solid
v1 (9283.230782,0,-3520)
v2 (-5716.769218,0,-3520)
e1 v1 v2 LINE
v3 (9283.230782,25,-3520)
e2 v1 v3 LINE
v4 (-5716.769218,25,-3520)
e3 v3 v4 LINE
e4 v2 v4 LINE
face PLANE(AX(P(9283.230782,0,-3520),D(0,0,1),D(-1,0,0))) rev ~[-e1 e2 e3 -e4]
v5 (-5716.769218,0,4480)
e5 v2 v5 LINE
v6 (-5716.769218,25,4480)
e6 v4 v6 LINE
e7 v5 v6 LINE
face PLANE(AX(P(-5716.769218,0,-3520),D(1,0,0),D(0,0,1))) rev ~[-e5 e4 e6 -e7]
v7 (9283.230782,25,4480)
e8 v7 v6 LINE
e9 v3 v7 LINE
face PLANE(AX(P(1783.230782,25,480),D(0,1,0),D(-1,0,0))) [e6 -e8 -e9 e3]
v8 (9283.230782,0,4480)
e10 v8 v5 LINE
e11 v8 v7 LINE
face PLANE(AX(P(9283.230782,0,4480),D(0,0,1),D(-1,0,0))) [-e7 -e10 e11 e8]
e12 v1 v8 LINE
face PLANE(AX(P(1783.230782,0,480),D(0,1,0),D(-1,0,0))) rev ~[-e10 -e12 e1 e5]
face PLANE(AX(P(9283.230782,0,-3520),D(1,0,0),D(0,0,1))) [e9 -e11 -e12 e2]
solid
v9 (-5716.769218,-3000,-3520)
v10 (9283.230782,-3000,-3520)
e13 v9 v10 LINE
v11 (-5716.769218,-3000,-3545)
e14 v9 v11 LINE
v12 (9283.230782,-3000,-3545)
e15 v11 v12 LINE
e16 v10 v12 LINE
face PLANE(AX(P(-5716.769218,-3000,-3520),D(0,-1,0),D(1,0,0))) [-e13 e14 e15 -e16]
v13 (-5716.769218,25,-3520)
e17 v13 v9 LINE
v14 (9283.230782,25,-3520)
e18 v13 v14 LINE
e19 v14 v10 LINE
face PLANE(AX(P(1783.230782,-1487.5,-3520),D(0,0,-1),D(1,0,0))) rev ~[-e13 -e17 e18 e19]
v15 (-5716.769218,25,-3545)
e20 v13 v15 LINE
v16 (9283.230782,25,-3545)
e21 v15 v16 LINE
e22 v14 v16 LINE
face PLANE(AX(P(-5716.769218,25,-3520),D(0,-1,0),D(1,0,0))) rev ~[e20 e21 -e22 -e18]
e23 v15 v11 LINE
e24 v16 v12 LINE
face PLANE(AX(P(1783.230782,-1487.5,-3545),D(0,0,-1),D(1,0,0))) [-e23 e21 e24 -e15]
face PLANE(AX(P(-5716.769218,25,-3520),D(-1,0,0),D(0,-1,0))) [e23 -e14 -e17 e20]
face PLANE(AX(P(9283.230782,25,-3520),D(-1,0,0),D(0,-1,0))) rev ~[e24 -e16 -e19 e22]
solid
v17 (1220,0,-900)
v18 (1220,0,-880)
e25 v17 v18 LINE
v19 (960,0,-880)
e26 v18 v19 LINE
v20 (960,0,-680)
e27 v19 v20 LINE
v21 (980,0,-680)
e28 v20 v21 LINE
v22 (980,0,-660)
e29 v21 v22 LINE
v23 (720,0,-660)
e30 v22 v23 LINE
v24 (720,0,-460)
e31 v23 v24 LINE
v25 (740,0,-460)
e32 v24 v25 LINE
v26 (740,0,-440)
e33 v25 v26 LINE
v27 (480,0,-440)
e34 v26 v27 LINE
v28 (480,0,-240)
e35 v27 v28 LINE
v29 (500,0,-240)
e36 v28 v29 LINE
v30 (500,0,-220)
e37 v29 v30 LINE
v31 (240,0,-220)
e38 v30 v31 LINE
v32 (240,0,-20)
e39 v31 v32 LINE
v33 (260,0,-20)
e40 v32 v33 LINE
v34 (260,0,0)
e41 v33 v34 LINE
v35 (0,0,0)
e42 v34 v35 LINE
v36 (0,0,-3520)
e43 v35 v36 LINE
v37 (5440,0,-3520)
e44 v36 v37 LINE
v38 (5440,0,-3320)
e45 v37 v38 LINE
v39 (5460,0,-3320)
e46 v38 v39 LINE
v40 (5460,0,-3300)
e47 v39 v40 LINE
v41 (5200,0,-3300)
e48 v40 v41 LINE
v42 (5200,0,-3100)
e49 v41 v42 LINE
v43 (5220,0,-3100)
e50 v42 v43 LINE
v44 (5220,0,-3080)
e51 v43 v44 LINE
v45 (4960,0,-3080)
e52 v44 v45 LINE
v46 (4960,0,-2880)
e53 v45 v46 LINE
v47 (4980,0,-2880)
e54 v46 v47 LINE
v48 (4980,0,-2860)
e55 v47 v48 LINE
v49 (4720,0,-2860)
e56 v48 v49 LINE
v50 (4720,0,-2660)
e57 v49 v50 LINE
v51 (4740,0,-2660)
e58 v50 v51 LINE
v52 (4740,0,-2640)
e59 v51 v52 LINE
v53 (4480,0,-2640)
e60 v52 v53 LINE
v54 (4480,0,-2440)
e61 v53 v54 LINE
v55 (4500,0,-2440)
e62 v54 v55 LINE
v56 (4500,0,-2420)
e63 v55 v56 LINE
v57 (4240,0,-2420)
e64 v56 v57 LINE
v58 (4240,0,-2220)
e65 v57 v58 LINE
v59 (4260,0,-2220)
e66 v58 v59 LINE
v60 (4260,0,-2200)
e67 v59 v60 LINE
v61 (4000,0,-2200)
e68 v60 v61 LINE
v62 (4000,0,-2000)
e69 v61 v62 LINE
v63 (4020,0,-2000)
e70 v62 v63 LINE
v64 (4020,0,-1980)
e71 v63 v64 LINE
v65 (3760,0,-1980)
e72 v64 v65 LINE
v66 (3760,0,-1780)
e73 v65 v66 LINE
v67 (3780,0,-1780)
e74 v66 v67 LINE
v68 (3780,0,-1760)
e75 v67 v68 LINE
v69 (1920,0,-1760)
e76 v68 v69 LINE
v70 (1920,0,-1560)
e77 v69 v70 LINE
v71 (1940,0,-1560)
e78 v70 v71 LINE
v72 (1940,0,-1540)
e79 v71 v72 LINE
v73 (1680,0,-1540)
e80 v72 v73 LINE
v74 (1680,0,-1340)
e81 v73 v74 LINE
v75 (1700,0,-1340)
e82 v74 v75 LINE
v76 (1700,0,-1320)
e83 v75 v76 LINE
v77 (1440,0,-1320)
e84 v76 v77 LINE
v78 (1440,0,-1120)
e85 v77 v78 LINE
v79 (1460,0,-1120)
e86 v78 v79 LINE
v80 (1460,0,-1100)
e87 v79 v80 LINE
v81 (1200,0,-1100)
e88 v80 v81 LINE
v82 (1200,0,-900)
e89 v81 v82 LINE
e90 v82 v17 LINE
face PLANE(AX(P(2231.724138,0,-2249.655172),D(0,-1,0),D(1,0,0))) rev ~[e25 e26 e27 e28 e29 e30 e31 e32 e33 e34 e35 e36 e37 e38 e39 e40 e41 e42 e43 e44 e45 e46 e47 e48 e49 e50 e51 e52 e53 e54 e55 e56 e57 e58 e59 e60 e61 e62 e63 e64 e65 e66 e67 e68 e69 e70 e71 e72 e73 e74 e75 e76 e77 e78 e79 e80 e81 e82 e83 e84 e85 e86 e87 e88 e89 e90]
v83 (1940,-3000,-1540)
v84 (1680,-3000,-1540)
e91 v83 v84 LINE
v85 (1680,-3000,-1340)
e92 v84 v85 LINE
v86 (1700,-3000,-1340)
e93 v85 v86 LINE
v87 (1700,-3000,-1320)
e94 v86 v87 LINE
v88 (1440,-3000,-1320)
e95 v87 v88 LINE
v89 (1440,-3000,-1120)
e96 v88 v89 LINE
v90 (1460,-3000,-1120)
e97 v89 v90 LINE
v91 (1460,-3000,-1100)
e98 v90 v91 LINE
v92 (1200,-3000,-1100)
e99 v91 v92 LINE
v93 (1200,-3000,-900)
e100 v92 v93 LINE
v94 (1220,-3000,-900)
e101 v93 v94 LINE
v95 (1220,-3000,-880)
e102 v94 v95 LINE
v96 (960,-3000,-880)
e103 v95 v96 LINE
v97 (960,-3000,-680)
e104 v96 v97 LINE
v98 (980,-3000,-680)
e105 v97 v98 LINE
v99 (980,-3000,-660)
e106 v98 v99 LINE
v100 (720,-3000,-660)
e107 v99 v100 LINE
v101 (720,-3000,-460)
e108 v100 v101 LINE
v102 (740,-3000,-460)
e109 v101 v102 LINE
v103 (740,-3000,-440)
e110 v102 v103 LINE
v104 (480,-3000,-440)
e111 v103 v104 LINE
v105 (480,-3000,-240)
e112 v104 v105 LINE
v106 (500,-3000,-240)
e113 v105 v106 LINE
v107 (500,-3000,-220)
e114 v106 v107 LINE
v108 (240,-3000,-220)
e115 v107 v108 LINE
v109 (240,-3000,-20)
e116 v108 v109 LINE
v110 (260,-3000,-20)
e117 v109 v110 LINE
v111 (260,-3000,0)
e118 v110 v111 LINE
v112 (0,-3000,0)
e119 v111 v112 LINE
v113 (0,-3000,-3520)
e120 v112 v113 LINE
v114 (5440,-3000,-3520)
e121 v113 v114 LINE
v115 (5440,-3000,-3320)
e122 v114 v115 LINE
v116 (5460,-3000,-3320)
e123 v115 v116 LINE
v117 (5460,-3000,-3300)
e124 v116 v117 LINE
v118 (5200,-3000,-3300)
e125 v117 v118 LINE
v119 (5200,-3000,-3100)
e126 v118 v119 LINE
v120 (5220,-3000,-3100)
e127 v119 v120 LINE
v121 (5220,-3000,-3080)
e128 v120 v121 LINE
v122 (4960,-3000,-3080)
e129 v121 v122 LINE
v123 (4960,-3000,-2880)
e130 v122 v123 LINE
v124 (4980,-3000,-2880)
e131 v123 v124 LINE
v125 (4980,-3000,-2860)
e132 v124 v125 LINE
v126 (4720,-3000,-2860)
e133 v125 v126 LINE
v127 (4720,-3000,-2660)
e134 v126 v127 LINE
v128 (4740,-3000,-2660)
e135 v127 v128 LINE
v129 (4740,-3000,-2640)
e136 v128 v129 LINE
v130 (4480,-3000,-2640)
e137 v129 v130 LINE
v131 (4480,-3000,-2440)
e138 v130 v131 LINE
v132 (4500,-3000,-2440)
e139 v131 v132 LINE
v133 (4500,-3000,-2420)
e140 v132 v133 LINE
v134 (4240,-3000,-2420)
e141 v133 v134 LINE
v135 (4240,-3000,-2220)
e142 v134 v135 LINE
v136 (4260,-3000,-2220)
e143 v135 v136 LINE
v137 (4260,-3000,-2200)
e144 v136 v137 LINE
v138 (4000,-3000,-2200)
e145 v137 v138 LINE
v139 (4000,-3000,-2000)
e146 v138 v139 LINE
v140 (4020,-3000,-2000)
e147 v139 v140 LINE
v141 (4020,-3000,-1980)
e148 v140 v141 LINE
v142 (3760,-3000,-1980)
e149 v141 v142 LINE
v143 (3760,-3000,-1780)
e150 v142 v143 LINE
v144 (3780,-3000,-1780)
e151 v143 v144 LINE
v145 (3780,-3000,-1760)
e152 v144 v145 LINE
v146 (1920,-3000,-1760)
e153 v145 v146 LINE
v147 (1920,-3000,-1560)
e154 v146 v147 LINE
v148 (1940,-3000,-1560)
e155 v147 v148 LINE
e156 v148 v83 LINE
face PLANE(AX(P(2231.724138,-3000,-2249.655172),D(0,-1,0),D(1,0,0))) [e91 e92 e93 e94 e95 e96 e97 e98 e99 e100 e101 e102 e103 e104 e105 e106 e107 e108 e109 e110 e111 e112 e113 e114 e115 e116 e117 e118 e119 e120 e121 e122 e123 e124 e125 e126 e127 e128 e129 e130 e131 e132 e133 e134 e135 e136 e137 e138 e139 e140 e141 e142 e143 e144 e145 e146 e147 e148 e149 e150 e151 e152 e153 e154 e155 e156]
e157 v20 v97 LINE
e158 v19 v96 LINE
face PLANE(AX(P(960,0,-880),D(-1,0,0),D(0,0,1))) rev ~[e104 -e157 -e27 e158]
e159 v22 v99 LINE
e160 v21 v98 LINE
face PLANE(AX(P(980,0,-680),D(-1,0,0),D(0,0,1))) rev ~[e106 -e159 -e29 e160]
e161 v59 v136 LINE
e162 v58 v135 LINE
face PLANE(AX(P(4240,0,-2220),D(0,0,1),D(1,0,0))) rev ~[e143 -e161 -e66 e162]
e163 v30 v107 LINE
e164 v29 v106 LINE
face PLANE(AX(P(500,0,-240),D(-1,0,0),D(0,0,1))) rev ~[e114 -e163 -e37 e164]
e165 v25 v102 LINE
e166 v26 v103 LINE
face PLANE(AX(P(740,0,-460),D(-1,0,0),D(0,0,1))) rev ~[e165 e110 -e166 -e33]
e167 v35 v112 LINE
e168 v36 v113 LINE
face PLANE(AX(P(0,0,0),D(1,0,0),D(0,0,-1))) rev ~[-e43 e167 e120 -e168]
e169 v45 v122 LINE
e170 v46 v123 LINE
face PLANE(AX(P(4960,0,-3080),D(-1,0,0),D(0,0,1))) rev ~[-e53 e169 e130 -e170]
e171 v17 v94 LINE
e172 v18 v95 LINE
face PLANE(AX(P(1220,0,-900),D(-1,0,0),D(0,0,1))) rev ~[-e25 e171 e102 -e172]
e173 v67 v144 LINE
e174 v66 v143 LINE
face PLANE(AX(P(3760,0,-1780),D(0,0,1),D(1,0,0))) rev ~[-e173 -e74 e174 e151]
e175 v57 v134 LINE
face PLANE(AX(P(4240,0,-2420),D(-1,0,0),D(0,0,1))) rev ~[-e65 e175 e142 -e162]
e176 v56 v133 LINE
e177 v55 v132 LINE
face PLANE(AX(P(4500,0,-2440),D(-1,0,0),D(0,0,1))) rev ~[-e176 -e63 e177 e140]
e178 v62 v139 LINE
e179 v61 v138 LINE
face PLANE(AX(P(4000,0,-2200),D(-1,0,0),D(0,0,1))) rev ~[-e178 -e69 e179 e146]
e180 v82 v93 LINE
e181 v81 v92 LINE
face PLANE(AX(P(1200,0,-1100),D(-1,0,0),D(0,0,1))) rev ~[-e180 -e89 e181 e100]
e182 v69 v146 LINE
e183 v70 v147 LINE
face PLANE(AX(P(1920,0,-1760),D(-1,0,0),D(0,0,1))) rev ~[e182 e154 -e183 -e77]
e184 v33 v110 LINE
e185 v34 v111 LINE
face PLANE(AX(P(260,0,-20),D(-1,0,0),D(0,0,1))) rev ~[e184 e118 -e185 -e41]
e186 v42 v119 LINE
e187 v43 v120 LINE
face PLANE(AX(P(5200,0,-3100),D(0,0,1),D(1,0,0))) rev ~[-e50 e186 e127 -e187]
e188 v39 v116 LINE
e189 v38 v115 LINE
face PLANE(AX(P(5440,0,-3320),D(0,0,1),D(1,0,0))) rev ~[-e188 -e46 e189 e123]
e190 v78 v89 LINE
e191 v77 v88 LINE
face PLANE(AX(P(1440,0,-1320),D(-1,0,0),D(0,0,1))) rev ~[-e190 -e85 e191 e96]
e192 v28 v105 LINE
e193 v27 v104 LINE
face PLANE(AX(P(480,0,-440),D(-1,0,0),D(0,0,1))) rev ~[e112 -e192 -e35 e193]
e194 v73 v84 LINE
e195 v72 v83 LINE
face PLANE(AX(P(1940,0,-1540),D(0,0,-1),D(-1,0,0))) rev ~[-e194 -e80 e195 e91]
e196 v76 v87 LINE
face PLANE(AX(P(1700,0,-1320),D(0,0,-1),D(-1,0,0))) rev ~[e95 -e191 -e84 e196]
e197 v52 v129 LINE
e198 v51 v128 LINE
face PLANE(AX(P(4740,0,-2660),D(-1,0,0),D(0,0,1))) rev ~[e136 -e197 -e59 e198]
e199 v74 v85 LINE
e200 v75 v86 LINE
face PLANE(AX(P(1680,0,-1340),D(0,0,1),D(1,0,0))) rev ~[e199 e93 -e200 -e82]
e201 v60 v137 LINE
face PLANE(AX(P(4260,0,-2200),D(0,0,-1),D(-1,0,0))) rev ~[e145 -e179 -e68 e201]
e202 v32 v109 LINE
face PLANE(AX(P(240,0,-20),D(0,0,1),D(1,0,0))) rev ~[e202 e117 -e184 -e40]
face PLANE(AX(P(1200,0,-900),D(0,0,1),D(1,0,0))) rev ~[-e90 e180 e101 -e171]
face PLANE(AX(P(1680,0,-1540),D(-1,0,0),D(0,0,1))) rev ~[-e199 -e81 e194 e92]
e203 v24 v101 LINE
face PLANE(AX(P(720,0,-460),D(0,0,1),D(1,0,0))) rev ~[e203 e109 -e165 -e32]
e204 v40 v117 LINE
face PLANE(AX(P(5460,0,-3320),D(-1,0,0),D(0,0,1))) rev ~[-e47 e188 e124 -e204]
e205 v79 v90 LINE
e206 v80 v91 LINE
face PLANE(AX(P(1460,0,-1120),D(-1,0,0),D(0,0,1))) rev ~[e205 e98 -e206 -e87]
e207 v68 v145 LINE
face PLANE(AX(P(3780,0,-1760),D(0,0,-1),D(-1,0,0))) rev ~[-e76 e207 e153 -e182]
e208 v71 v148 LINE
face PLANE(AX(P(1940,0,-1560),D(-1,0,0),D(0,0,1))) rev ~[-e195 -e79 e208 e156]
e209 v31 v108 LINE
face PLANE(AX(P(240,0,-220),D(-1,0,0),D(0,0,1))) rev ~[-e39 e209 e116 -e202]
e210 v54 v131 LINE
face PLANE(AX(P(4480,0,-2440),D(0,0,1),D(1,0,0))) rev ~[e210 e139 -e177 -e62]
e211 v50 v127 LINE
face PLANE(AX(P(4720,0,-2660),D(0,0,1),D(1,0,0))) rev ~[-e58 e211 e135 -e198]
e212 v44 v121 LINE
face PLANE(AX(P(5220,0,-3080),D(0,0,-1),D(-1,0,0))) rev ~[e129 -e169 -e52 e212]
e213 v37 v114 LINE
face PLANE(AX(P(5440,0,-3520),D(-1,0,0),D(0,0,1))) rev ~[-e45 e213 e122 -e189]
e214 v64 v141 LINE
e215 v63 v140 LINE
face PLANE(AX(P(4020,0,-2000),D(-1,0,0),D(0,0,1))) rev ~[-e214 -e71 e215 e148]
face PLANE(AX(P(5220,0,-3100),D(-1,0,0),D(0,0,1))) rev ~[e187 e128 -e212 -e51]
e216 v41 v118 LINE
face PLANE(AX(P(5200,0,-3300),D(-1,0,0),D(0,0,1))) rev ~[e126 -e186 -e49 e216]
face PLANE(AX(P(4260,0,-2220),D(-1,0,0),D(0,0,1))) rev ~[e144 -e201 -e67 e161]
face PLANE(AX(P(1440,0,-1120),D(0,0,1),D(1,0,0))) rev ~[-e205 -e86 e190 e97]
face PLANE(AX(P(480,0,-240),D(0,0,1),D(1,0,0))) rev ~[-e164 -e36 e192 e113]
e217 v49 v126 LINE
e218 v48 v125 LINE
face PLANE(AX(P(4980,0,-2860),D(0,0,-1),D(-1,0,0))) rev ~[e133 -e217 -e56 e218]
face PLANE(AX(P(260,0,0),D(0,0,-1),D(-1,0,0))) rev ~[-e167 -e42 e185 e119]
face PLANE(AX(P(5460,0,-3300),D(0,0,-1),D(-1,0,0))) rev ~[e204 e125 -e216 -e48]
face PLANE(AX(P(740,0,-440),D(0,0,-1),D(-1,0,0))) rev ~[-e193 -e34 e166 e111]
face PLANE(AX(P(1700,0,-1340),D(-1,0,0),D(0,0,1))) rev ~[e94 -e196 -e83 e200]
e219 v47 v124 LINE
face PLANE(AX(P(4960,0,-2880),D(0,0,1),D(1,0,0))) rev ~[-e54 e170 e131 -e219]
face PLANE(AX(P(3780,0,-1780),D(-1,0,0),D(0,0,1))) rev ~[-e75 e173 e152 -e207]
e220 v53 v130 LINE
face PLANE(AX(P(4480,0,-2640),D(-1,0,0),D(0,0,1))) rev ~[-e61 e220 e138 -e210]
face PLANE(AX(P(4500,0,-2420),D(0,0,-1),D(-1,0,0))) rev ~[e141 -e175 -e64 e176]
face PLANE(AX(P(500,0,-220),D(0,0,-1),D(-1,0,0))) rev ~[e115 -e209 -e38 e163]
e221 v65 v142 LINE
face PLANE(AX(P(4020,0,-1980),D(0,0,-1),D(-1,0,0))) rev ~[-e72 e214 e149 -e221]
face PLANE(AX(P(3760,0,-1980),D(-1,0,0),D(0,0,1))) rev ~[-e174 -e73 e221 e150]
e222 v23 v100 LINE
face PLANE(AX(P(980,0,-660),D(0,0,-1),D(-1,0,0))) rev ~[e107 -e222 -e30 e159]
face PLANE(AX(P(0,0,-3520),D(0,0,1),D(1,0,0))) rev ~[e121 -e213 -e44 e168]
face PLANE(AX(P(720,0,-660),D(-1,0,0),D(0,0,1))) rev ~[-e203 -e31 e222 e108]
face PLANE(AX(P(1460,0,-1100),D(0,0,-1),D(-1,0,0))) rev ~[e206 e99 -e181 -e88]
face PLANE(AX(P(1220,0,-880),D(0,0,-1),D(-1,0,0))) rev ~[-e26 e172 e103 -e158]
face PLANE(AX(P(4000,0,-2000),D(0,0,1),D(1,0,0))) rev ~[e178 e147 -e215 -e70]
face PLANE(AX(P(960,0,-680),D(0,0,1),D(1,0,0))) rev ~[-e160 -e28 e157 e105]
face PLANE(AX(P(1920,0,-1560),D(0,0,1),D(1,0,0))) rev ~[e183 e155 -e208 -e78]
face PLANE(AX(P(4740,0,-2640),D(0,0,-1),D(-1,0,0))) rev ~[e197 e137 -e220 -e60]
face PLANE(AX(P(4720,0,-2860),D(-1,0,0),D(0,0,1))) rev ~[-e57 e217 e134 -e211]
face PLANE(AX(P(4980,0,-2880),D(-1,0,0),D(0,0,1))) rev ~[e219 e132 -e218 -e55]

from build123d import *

# Parameters (mm, degrees)
F1_DEPTH = 3000
F2_W     = 15000
F2_H     = 8000
F3_DEPTH = 25
F4_W     = 15000
F4_H     = 3025
F5_DEPTH = 25


with BuildPart() as f1:
    # F0 (on Front) → F1 (new body)
    with BuildSketch(Plane.XZ):
        Polygon((260, 0), (0, 0), (0, -3520), (5440, -3520), (5440, -3320), (5460, -3320), (5460, -3300), (5200, -3300), (5200, -3100), (5220, -3100), (5220, -3080), (4960, -3080), (4960, -2880), (4980, -2880), (4980, -2860), (4720, -2860), (4720, -2660), (4740, -2660), (4740, -2640), (4480, -2640), (4480, -2440), (4500, -2440), (4500, -2420), (4240, -2420), (4240, -2220), (4260, -2220), (4260, -2200), (4000, -2200), (4000, -2000), (4020, -2000), (4020, -1980), (3760, -1980), (3760, -1780), (3780, -1780), (3780, -1760), (3520, -1760), (1920, -1760), (1920, -1560), (1940, -1560), (1940, -1540), (1680, -1540), (1680, -1340), (1700, -1340), (1700, -1320), (1440, -1320), (1440, -1120), (1460, -1120), (1460, -1100), (1200, -1100), (1200, -900), (1220, -900), (1220, -880), (960, -880), (960, -680), (980, -680), (980, -660), (720, -660), (720, -460), (740, -460), (740, -440), (480, -440), (480, -240), (500, -240), (500, -220), (240, -220), (240, -20), (260, -20), align=None)
    extrude(amount=F1_DEPTH)


with BuildPart() as f3:
    # F2 (on face) → F3 (new body)
    with BuildSketch(Plane(origin=(0, 0, 0), x_dir=(-1, 0, 0), z_dir=(0, 1, 0))):
        with Locations((-1783.230782, 480)):
            Rectangle(F2_W, F2_H)
    extrude(amount=F3_DEPTH)


with BuildPart() as f5:
    # F4 (on face) → F5 (new body)
    with BuildSketch(Plane(origin=(0, 0, -3520), x_dir=(1, 0, 0), z_dir=(0, 0, -1))):
        with Locations((1783.230782, 1487.5)):
            Rectangle(F4_W, F4_H)
    extrude(amount=F5_DEPTH)


solid = Compound([f1.part, f3.part, f5.part])
